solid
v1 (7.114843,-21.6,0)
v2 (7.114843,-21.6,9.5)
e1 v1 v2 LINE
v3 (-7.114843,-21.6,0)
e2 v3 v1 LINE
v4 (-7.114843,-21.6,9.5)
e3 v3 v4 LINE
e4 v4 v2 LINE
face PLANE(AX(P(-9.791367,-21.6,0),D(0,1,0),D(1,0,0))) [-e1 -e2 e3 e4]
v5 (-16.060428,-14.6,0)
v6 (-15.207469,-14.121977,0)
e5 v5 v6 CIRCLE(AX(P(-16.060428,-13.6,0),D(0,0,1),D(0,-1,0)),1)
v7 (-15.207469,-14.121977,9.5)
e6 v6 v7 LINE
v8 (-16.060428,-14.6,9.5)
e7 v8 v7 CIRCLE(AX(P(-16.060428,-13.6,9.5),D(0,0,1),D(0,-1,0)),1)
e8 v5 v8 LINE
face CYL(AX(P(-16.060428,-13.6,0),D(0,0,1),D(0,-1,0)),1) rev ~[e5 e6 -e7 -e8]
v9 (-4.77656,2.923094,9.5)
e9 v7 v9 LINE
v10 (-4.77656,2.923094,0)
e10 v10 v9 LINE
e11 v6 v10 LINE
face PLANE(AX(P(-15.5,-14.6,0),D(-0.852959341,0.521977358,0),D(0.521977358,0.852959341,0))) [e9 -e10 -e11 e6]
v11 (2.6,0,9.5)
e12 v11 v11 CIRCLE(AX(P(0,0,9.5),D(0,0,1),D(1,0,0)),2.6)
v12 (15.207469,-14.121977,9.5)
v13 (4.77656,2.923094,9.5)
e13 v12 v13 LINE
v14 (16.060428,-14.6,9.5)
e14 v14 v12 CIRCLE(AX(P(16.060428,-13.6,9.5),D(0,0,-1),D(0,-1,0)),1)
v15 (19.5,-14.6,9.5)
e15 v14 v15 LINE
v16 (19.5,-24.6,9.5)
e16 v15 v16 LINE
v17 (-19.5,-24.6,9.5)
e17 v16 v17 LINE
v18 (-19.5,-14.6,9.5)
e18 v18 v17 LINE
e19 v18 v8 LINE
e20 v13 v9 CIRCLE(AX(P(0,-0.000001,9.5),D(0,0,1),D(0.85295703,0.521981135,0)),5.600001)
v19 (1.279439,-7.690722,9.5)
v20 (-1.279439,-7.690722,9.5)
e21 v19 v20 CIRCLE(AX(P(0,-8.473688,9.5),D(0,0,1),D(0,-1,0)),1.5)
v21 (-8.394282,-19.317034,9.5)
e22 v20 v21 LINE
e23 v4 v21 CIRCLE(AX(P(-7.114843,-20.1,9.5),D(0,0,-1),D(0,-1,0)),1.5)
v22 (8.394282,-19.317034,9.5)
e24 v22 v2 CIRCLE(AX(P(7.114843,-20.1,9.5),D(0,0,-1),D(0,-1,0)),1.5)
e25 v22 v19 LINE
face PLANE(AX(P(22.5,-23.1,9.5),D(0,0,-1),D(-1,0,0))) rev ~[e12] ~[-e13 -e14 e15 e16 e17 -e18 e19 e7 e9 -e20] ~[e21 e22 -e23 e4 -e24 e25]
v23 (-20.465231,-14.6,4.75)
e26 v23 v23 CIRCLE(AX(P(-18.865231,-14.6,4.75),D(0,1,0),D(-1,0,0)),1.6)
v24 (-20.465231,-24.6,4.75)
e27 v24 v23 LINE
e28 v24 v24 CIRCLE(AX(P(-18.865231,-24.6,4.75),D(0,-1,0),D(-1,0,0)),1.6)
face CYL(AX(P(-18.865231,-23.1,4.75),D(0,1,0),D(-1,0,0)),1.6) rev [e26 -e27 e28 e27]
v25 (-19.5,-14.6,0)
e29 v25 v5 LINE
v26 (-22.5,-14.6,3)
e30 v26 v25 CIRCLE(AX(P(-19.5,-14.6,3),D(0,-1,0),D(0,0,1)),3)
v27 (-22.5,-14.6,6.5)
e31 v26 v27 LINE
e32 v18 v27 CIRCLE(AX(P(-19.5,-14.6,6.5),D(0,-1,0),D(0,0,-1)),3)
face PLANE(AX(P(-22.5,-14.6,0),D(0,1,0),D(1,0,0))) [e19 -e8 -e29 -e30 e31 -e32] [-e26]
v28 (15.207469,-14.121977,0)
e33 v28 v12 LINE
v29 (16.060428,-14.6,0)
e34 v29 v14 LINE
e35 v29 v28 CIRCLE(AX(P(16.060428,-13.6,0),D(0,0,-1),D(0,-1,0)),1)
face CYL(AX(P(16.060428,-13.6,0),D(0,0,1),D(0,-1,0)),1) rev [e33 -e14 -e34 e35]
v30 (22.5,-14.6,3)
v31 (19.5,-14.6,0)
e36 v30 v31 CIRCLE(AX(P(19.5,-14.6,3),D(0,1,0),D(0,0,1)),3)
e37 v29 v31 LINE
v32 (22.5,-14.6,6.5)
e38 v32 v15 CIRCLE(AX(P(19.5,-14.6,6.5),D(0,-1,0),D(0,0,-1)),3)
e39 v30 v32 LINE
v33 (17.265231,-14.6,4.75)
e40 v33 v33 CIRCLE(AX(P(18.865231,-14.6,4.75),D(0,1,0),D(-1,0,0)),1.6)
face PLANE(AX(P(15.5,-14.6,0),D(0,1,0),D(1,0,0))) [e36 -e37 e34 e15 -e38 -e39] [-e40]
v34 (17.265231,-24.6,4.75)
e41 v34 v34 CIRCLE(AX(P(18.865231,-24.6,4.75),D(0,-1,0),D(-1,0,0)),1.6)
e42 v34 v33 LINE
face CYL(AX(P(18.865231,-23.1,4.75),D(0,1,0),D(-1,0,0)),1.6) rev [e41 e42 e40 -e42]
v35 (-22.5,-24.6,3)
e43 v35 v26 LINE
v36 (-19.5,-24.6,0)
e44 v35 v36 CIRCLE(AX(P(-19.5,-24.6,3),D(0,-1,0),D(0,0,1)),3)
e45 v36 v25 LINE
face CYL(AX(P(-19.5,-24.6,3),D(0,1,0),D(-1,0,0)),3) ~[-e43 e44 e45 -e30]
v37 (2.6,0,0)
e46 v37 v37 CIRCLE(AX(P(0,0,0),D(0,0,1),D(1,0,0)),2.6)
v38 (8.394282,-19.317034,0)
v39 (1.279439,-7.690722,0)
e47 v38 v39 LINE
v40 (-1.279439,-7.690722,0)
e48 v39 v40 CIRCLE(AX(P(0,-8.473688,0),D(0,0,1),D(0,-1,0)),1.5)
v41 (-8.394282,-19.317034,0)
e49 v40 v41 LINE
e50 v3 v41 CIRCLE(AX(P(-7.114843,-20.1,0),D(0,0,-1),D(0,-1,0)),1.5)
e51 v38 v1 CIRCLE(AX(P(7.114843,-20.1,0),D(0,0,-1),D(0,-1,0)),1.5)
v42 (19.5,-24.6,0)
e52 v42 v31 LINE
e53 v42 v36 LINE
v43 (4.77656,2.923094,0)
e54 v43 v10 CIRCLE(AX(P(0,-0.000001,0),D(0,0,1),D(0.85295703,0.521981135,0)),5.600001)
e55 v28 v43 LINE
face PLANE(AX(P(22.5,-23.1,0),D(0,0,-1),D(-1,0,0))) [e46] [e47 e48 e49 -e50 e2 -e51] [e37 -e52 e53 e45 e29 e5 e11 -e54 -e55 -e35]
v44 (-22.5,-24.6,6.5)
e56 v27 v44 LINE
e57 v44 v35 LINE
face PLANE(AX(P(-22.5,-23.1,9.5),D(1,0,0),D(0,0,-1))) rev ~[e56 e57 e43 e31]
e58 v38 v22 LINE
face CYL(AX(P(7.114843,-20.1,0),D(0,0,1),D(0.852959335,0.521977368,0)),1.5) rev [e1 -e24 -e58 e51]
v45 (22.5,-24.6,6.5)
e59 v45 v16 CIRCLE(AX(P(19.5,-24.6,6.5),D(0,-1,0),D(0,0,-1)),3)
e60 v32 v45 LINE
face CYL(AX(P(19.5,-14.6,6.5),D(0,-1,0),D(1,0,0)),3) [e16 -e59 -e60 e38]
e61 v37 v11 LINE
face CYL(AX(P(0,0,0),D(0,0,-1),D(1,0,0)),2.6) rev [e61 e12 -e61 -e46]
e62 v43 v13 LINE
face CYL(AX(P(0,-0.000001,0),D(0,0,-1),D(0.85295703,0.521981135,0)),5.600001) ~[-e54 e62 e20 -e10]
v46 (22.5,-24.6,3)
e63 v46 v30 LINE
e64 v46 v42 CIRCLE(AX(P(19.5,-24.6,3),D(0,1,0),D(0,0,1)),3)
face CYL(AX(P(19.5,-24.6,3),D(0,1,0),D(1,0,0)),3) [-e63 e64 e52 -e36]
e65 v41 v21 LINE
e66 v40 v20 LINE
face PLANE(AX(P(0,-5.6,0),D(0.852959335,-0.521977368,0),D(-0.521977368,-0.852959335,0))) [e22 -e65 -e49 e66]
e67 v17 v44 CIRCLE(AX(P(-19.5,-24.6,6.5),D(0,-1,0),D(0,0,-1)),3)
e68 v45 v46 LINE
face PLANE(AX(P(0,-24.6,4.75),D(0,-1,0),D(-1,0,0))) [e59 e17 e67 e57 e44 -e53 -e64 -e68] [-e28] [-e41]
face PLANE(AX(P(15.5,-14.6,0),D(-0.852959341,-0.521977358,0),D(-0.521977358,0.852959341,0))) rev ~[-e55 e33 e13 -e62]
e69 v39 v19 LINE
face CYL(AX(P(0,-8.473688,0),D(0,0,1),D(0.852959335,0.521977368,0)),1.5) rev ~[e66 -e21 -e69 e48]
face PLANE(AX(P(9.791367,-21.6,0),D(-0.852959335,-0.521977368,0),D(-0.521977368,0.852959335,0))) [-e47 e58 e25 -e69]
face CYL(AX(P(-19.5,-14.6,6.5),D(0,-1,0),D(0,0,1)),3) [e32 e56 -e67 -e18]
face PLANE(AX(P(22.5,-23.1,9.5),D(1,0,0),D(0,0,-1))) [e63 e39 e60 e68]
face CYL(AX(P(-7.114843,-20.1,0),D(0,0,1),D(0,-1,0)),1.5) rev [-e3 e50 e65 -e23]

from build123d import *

# Parameters (mm, degrees)
SKETCH_R           = 2.6
PAD_DEPTH          = 9.5
SKETCH001_R        = 1.6
POCKET_DEPTH       = 10.001
POCKET_FACE8_W     = 45
POCKET_FACE8_H     = 9.5
POCKET_FACE8_R     = 1.6
POCKET001_DEPTH    = 1.5
PAD001_DEPTH       = 45
PAD001_FACE15_R    = 1.6
POCKET002_DEPTH    = 1.501
POCKET003_DEPTH    = 9.501
FILLET_R           = 1.5
POCKET004_DEPTH    = 45.001
POCKET004_FACE12_W = 45
POCKET004_FACE12_H = 9.5
POCKET004_FACE12_R = 1.6
PAD002_DEPTH       = 1.5
FILLET001_R        = 3
FILLET002_R        = 1


with BuildPart() as part:
    # Sketch → Pad (new body)
    with BuildSketch(Plane.XY):
        with BuildLine():
            Line((22.5, -24.6), (-22.5, -24.6))
            Line((-22.5, -24.6), (-22.5, -14.6))
            Line((-22.5, -14.6), (-15.5, -14.6))
            Line((-15.5, -14.6), (-4.77656, 2.923094))
            ThreePointArc((4.77656, 2.923094), (0, 5.6), (-4.77656, 2.923094))
            Line((15.5, -14.6), (4.77656, 2.923094))
            Line((15.5, -14.6), (22.5, -14.6))
            Line((22.5, -14.6), (22.5, -24.6))
        make_face()
        Circle(SKETCH_R, mode=Mode.SUBTRACT)
    extrude(amount=PAD_DEPTH)

    # Sketch001 (on Face1 of Pad) → Pocket (cut, through all)
    with BuildSketch(Plane(origin=(0, -14.6, 0), x_dir=(-1, 0, 0), z_dir=(0, 1, 0))):
        with Locations((-18.865231, 4.75)):
            Circle(SKETCH001_R)
        with Locations((18.865231, 4.75)):
            Circle(SKETCH001_R)
    extrude(amount=-POCKET_DEPTH, mode=Mode.SUBTRACT)

    # Pocket Face8 → Pocket001 (cut)
    with BuildSketch(Plane(origin=(0, -24.6, 4.75), x_dir=(-1, 0, 0), z_dir=(0, -1, 0))):
        Rectangle(POCKET_FACE8_W, POCKET_FACE8_H)
        with Locations((-18.865231, 0)):
            Circle(POCKET_FACE8_R, mode=Mode.SUBTRACT)
        with Locations((18.865231, 0)):
            Circle(POCKET_FACE8_R, mode=Mode.SUBTRACT)
    extrude(amount=-POCKET001_DEPTH, mode=Mode.SUBTRACT)

    # Sketch002 (on Face9 of Pocket001) → Pad001 (join)
    with BuildSketch(Plane(origin=(-22.5, 0, 0), x_dir=(0, -1, 0), z_dir=(-1, 0, 0))):
        Polygon((23.1, 9.5), (23.1, 0), (24.6, 2.25), (24.6, 7.25), align=None)
    extrude(amount=-PAD001_DEPTH)

    # Pad001 Face15 → Pocket002 (cut, through all)
    with BuildSketch(Plane(origin=(18.865231, -23.1, 4.75), x_dir=(1, 0, 0), z_dir=(0, 1, 0))):
        Circle(PAD001_FACE15_R)
    extrude(amount=-POCKET002_DEPTH, mode=Mode.SUBTRACT)

    # Sketch003 (on Face3 of Pocket002) → Pocket003 (cut, through all)
    with BuildSketch(Plane(origin=(0, 0, 0), x_dir=(1, 0, 0), z_dir=(0, 0, -1))):
        Polygon((0, 5.6), (-9.791367, 21.6), (9.791367, 21.6), align=None)
    extrude(amount=-POCKET003_DEPTH, mode=Mode.SUBTRACT)

    # Fillet
    fillet_edges = [part.edges().sort_by_distance(p)[0] for p in [
        (9.791367, -21.6, 4.75),
        (-9.791367, -21.6, 4.75),
        (0, -5.6, 4.75),
    ]]
    fillet(fillet_edges, radius=FILLET_R)

    # Fillet Face19 → Pocket004 (cut, through all)
    with BuildSketch(Plane(origin=(22.5, -23.772414, 4.75), x_dir=(0, -1, 0), z_dir=(1, 0, 0))):
        Polygon((-0.672414, 4.75), (-0.672414, -4.75), (0.827586, -2.5), (0.827586, 2.5), align=None)
    extrude(amount=-POCKET004_DEPTH, mode=Mode.SUBTRACT)

    # Pocket004 Face12 → Pad002 (add)
    with BuildSketch(Plane(origin=(0, -23.1, 4.75), x_dir=(-1, 0, 0), z_dir=(0, -1, 0))):
        Rectangle(POCKET004_FACE12_W, POCKET004_FACE12_H)
        with Locations((18.865231, 0)):
            Circle(POCKET004_FACE12_R, mode=Mode.SUBTRACT)
        with Locations((-18.865231, 0)):
            Circle(POCKET004_FACE12_R, mode=Mode.SUBTRACT)
    extrude(amount=PAD002_DEPTH)

    # Fillet001
    fillet001_edges = [part.edges().sort_by_distance(p)[0] for p in [
        (22.5, -18.85, 9.5),
        (22.5, -18.85, 0),
        (-22.5, -18.85, 9.5),
        (-22.5, -18.85, 0),
    ]]
    fillet(fillet001_edges, radius=FILLET001_R)

    # Fillet002
    fillet002_edges = [part.edges().sort_by_distance(p)[0] for p in [
        (15.5, -14.6, 4.75),
        (-15.5, -14.6, 4.75),
    ]]
    fillet(fillet002_edges, radius=FILLET002_R)


solid = part.part
